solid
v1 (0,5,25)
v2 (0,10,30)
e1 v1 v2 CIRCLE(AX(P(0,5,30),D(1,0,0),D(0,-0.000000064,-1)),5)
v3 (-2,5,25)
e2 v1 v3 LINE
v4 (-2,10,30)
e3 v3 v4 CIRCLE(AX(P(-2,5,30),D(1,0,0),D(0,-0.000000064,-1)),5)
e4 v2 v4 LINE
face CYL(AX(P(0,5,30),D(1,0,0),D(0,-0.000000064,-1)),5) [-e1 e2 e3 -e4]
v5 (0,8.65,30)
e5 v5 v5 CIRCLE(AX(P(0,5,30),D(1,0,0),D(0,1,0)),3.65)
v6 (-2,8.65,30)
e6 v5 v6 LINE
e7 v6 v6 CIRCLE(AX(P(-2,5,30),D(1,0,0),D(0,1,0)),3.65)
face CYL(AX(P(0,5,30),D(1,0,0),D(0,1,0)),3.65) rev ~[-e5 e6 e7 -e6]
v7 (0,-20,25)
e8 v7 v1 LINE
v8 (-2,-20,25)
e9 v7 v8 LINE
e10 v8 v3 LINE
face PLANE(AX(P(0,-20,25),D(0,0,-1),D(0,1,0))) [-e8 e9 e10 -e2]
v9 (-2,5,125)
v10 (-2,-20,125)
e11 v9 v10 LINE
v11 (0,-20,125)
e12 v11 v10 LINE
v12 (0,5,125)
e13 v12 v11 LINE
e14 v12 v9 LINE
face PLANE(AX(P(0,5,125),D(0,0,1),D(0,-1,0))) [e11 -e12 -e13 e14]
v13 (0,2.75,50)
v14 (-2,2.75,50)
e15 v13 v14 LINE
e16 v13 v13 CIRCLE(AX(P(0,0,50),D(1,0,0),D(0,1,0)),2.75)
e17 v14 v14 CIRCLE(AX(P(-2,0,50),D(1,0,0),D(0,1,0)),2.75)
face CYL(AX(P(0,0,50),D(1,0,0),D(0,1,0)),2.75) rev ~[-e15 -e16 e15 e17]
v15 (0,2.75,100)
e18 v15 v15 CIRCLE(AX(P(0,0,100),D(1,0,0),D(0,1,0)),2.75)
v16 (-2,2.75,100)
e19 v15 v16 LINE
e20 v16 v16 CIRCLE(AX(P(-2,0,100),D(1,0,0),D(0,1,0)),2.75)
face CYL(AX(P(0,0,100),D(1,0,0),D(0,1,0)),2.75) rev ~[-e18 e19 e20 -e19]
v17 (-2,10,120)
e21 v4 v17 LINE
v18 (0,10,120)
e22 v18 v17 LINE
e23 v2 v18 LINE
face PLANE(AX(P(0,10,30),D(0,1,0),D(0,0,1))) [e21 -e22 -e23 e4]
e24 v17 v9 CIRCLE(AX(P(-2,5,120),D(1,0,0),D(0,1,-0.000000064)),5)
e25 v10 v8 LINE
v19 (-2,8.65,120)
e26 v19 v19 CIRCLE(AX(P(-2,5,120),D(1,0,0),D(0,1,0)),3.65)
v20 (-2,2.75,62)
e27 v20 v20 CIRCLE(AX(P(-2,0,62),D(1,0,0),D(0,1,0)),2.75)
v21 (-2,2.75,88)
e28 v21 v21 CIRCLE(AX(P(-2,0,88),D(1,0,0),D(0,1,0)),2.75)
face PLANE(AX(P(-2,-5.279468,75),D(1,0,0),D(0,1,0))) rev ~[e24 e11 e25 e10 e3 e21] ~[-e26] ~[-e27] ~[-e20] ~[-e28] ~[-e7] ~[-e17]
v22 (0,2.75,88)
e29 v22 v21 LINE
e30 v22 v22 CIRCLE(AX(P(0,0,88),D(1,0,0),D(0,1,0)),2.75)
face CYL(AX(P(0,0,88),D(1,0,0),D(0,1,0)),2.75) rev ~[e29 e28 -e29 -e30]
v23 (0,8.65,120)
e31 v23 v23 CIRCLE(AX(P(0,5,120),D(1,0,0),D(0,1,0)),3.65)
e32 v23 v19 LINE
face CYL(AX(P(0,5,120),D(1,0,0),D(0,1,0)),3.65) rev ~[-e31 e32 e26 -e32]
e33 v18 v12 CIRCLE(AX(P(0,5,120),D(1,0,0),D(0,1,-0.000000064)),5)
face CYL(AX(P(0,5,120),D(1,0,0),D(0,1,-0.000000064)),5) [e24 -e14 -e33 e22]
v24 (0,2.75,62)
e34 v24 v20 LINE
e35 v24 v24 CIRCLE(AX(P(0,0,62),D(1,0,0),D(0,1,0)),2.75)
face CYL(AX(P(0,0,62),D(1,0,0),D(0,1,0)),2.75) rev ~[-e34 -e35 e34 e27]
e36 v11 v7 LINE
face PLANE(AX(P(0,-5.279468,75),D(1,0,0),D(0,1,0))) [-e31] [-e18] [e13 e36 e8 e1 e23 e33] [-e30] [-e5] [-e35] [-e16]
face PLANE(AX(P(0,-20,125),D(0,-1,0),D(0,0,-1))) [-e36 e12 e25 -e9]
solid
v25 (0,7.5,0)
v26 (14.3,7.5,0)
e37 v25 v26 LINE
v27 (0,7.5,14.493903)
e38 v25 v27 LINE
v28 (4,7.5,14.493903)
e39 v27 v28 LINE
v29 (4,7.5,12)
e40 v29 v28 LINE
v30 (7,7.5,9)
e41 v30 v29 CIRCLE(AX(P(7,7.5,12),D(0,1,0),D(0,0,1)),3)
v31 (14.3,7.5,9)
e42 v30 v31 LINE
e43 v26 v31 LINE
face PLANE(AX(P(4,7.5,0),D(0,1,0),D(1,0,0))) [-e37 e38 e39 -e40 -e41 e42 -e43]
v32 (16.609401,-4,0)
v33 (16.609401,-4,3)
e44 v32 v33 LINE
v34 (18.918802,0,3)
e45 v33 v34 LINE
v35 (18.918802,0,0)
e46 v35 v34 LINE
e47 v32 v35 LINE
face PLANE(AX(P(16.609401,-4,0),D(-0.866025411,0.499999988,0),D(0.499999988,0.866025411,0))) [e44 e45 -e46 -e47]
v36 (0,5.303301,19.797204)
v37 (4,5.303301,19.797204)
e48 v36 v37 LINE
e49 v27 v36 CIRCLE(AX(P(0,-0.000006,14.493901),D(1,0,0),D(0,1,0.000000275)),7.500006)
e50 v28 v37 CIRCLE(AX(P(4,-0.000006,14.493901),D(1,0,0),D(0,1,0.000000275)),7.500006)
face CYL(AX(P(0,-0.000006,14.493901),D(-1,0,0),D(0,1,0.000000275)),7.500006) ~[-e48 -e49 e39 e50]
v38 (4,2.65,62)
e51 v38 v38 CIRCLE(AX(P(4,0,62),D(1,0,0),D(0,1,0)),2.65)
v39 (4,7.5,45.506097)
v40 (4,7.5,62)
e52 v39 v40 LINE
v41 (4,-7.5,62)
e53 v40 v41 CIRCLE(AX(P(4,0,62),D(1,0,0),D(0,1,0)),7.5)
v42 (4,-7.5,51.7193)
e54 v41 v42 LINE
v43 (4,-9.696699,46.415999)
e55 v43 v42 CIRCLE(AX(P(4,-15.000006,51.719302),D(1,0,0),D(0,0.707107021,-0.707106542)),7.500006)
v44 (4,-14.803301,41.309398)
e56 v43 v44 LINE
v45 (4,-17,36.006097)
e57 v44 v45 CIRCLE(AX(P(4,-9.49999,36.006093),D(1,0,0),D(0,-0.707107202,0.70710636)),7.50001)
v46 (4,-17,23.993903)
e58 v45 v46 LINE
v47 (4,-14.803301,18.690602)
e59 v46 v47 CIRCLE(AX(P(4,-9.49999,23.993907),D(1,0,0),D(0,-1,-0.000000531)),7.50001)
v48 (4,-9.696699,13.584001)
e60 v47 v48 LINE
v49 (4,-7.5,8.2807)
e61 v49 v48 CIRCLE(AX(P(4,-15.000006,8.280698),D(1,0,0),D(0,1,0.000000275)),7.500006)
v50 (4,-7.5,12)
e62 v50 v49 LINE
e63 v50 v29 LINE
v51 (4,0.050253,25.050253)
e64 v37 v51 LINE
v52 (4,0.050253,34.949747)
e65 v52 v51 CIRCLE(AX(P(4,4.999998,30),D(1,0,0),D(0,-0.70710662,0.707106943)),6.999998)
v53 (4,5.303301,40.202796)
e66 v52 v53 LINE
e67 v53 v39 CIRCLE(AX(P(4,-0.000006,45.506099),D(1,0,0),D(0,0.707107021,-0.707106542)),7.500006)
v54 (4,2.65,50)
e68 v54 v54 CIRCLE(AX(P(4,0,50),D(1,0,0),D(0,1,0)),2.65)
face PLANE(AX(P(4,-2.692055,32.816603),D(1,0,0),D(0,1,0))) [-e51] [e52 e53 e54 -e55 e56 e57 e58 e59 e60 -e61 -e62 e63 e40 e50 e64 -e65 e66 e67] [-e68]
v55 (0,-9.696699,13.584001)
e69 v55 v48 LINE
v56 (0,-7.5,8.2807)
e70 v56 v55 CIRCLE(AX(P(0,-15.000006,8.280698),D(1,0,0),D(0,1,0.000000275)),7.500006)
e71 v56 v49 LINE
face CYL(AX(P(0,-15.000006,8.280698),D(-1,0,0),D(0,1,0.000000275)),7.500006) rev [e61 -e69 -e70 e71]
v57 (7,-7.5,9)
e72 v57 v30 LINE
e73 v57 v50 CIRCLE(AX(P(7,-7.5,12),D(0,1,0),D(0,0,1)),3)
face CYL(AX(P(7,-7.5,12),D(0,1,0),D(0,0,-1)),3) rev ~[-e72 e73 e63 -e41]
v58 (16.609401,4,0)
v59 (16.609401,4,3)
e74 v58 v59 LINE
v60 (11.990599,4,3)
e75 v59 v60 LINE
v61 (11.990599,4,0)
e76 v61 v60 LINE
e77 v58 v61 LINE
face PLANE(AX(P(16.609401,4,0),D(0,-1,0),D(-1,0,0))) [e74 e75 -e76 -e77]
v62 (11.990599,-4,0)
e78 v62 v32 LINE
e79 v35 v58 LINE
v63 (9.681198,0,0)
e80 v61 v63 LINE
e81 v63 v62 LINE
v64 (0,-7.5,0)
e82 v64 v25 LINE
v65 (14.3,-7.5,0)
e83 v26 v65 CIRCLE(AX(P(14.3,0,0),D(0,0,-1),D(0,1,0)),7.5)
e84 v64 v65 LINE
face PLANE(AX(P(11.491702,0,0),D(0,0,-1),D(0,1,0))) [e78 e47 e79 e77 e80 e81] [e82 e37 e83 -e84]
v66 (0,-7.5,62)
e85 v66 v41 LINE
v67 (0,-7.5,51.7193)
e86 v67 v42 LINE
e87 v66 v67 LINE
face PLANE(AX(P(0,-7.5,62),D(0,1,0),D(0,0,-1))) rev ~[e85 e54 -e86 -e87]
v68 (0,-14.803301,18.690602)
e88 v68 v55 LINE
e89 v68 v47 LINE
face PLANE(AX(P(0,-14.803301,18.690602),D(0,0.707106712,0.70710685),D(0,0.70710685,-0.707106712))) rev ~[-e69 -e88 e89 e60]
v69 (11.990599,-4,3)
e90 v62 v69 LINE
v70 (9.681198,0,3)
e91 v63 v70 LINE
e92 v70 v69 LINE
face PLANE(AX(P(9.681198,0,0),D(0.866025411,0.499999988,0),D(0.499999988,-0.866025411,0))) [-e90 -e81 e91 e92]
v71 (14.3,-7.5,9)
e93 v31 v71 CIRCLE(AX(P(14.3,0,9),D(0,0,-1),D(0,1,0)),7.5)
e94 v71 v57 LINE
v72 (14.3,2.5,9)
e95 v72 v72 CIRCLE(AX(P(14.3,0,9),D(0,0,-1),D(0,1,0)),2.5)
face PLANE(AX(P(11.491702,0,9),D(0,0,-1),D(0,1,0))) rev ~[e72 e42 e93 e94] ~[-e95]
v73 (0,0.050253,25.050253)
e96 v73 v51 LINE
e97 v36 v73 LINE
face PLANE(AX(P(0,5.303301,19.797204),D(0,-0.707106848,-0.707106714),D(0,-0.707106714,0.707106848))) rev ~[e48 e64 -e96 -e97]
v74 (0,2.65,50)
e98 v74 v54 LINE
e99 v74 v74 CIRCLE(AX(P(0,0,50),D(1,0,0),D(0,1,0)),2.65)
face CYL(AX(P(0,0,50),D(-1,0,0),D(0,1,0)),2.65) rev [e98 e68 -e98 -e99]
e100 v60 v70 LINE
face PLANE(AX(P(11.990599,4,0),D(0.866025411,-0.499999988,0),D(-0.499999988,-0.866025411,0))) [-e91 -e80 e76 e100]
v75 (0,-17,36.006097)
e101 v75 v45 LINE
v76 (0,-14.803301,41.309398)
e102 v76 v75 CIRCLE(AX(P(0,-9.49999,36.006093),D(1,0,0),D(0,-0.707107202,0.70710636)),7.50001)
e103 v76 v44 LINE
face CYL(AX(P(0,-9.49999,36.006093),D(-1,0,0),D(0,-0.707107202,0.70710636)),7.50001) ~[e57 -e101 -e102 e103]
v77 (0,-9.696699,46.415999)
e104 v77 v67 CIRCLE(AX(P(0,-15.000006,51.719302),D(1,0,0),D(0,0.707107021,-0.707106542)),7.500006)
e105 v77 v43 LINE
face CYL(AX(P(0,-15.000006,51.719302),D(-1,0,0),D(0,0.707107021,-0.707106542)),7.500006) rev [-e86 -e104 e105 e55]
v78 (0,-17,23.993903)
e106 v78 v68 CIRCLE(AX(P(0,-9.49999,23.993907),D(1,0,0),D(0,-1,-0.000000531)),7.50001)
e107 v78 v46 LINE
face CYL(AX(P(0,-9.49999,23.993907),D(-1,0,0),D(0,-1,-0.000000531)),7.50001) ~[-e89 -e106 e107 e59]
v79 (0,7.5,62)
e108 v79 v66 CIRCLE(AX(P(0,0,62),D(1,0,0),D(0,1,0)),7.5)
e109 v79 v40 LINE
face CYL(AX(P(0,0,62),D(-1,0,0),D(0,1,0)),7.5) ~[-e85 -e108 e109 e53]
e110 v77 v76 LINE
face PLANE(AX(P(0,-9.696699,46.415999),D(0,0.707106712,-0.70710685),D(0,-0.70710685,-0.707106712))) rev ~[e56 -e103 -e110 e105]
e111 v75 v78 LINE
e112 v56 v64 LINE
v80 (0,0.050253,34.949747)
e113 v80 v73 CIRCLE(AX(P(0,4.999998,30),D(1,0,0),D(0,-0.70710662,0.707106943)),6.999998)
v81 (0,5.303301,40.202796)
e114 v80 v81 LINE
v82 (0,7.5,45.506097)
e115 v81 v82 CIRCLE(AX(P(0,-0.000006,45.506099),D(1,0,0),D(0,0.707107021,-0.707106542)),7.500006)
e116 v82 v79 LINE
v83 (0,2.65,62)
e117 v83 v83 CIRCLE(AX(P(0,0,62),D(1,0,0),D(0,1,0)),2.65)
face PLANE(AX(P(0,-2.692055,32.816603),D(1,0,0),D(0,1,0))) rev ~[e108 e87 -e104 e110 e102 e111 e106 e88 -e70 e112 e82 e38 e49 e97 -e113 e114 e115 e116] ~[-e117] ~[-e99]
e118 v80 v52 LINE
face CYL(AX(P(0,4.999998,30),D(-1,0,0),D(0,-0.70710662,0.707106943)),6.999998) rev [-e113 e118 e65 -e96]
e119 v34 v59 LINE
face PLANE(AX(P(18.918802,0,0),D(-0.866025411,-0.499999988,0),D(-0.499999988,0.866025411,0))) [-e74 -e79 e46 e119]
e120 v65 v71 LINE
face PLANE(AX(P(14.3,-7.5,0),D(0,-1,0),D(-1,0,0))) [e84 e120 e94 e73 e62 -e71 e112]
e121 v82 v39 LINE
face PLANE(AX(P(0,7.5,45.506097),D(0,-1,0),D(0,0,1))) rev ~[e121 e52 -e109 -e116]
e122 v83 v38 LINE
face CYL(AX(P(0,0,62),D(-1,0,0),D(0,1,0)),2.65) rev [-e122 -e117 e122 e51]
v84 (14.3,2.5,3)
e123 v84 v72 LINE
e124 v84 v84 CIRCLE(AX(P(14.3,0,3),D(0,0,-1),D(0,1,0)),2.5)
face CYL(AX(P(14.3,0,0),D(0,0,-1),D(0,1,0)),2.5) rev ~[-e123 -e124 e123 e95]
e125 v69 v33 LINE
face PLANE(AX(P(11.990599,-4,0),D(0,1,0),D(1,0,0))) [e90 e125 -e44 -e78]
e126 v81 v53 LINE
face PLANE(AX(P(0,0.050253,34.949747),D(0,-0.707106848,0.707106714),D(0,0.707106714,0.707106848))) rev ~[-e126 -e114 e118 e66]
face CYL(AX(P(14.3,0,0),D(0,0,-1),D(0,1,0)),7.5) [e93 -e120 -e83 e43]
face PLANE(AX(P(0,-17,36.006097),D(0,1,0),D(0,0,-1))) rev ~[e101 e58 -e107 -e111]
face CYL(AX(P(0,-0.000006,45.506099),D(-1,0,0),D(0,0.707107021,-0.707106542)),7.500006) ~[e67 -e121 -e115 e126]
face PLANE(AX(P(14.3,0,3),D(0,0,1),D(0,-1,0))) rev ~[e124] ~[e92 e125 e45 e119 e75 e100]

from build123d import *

# Parameters (mm, degrees)
SKETCH_R     = 2.75
SKETCH_R_2   = 3.65
PAD_DEPTH    = 2
SKETCH001_R  = 2.65
PAD001_DEPTH = 4
SKETCH002_R  = 2.5
PAD002_DEPTH = 9
POCKET_DEPTH = 3
FILLET_R     = 3


with BuildPart() as z_plate:
    # Sketch → Pad (new body)
    with BuildSketch(Plane.YZ):
        with BuildLine():
            Line((-20, 25), (5, 25))
            ThreePointArc((5, 25), (8.535534, 26.464466), (10, 30))
            Line((10, 30), (10, 120))
            ThreePointArc((10, 120), (8.535534, 123.535534), (5, 125))
            Line((5, 125), (-20, 125))
            Line((-20, 125), (-20, 25))
        make_face()
        with Locations((0, 100)):
            Circle(SKETCH_R, mode=Mode.SUBTRACT)
        with Locations((0, 88)):
            Circle(SKETCH_R, mode=Mode.SUBTRACT)
        with Locations((0, 62)):
            Circle(SKETCH_R, mode=Mode.SUBTRACT)
        with Locations((0, 50)):
            Circle(SKETCH_R, mode=Mode.SUBTRACT)
        with Locations((5, 120)):
            Circle(SKETCH_R_2, mode=Mode.SUBTRACT)
        with Locations((5, 30)):
            Circle(SKETCH_R_2, mode=Mode.SUBTRACT)
    extrude(amount=-PAD_DEPTH)


with BuildPart() as z_endstop_screw_mount:
    # Sketch001 → Pad001 (new body)
    with BuildSketch(Plane.YZ):
        with BuildLine():
            Line((-7.5, 62), (-7.5, 51.7193))
            ThreePointArc((-9.696699, 46.415999), (-8.070904, 48.849174), (-7.5, 51.7193))
            Line((-9.696699, 46.415999), (-14.803301, 41.309398))
            ThreePointArc((-14.803301, 41.309398), (-16.429096, 38.876222), (-17, 36.006097))
            Line((-17, 36.006097), (-17, 23.993903))
            ThreePointArc((-17, 23.993903), (-16.429096, 21.123778), (-14.803301, 18.690602))
            Line((-14.803301, 18.690602), (-9.696699, 13.584001))
            ThreePointArc((-7.5, 8.2807), (-8.070904, 11.150826), (-9.696699, 13.584001))
            Line((-7.5, 8.2807), (-7.5, 0))
            Line((-7.5, 0), (7.5, 0))
            Line((7.5, 0), (7.5, 14.493903))
            ThreePointArc((7.5, 14.493903), (6.929096, 17.364029), (5.303301, 19.797204))
            Line((5.303301, 19.797204), (0.050253, 25.050253))
            ThreePointArc((0.050253, 34.949747), (-2, 30), (0.050253, 25.050253))
            Line((0.050253, 34.949747), (5.303301, 40.202796))
            ThreePointArc((5.303301, 40.202796), (6.929096, 42.635971), (7.5, 45.506097))
            Line((7.5, 45.506097), (7.5, 62))
            ThreePointArc((7.5, 62), (0, 69.5), (-7.5, 62))
        make_face()
        with Locations((0, 62)):
            Circle(SKETCH001_R, mode=Mode.SUBTRACT)
        with Locations((0, 50)):
            Circle(SKETCH001_R, mode=Mode.SUBTRACT)
    extrude(amount=PAD001_DEPTH)

    # Sketch002 → Pad002 (new body)
    with BuildSketch(Plane.YX):
        with BuildLine():
            Line((-7.5, 14.3), (-7.5, 4))
            Line((-7.5, 4), (7.5, 4))
            Line((7.5, 4), (7.5, 14.3))
            ThreePointArc((7.5, 14.3), (0, 21.8), (-7.5, 14.3))
        make_face()
        with Locations((0, 14.3)):
            Circle(SKETCH002_R, mode=Mode.SUBTRACT)
    extrude(amount=-PAD002_DEPTH)

    # Sketch003 → Pocket (cut)
    with BuildSketch(Plane.YX):
        Polygon((-4, 11.990599), (-4, 16.609401), (0, 18.918802), (4, 16.609401), (4, 11.990599), (0, 9.681198), align=None)
    extrude(amount=-POCKET_DEPTH, mode=Mode.SUBTRACT)

    # Fillet
    fillet_edges = [z_endstop_screw_mount.edges().sort_by_distance(p)[0] for p in [
        (4, 0, 9),
    ]]
    fillet(fillet_edges, radius=FILLET_R)


solid = Compound([z_plate.part, z_endstop_screw_mount.part])
